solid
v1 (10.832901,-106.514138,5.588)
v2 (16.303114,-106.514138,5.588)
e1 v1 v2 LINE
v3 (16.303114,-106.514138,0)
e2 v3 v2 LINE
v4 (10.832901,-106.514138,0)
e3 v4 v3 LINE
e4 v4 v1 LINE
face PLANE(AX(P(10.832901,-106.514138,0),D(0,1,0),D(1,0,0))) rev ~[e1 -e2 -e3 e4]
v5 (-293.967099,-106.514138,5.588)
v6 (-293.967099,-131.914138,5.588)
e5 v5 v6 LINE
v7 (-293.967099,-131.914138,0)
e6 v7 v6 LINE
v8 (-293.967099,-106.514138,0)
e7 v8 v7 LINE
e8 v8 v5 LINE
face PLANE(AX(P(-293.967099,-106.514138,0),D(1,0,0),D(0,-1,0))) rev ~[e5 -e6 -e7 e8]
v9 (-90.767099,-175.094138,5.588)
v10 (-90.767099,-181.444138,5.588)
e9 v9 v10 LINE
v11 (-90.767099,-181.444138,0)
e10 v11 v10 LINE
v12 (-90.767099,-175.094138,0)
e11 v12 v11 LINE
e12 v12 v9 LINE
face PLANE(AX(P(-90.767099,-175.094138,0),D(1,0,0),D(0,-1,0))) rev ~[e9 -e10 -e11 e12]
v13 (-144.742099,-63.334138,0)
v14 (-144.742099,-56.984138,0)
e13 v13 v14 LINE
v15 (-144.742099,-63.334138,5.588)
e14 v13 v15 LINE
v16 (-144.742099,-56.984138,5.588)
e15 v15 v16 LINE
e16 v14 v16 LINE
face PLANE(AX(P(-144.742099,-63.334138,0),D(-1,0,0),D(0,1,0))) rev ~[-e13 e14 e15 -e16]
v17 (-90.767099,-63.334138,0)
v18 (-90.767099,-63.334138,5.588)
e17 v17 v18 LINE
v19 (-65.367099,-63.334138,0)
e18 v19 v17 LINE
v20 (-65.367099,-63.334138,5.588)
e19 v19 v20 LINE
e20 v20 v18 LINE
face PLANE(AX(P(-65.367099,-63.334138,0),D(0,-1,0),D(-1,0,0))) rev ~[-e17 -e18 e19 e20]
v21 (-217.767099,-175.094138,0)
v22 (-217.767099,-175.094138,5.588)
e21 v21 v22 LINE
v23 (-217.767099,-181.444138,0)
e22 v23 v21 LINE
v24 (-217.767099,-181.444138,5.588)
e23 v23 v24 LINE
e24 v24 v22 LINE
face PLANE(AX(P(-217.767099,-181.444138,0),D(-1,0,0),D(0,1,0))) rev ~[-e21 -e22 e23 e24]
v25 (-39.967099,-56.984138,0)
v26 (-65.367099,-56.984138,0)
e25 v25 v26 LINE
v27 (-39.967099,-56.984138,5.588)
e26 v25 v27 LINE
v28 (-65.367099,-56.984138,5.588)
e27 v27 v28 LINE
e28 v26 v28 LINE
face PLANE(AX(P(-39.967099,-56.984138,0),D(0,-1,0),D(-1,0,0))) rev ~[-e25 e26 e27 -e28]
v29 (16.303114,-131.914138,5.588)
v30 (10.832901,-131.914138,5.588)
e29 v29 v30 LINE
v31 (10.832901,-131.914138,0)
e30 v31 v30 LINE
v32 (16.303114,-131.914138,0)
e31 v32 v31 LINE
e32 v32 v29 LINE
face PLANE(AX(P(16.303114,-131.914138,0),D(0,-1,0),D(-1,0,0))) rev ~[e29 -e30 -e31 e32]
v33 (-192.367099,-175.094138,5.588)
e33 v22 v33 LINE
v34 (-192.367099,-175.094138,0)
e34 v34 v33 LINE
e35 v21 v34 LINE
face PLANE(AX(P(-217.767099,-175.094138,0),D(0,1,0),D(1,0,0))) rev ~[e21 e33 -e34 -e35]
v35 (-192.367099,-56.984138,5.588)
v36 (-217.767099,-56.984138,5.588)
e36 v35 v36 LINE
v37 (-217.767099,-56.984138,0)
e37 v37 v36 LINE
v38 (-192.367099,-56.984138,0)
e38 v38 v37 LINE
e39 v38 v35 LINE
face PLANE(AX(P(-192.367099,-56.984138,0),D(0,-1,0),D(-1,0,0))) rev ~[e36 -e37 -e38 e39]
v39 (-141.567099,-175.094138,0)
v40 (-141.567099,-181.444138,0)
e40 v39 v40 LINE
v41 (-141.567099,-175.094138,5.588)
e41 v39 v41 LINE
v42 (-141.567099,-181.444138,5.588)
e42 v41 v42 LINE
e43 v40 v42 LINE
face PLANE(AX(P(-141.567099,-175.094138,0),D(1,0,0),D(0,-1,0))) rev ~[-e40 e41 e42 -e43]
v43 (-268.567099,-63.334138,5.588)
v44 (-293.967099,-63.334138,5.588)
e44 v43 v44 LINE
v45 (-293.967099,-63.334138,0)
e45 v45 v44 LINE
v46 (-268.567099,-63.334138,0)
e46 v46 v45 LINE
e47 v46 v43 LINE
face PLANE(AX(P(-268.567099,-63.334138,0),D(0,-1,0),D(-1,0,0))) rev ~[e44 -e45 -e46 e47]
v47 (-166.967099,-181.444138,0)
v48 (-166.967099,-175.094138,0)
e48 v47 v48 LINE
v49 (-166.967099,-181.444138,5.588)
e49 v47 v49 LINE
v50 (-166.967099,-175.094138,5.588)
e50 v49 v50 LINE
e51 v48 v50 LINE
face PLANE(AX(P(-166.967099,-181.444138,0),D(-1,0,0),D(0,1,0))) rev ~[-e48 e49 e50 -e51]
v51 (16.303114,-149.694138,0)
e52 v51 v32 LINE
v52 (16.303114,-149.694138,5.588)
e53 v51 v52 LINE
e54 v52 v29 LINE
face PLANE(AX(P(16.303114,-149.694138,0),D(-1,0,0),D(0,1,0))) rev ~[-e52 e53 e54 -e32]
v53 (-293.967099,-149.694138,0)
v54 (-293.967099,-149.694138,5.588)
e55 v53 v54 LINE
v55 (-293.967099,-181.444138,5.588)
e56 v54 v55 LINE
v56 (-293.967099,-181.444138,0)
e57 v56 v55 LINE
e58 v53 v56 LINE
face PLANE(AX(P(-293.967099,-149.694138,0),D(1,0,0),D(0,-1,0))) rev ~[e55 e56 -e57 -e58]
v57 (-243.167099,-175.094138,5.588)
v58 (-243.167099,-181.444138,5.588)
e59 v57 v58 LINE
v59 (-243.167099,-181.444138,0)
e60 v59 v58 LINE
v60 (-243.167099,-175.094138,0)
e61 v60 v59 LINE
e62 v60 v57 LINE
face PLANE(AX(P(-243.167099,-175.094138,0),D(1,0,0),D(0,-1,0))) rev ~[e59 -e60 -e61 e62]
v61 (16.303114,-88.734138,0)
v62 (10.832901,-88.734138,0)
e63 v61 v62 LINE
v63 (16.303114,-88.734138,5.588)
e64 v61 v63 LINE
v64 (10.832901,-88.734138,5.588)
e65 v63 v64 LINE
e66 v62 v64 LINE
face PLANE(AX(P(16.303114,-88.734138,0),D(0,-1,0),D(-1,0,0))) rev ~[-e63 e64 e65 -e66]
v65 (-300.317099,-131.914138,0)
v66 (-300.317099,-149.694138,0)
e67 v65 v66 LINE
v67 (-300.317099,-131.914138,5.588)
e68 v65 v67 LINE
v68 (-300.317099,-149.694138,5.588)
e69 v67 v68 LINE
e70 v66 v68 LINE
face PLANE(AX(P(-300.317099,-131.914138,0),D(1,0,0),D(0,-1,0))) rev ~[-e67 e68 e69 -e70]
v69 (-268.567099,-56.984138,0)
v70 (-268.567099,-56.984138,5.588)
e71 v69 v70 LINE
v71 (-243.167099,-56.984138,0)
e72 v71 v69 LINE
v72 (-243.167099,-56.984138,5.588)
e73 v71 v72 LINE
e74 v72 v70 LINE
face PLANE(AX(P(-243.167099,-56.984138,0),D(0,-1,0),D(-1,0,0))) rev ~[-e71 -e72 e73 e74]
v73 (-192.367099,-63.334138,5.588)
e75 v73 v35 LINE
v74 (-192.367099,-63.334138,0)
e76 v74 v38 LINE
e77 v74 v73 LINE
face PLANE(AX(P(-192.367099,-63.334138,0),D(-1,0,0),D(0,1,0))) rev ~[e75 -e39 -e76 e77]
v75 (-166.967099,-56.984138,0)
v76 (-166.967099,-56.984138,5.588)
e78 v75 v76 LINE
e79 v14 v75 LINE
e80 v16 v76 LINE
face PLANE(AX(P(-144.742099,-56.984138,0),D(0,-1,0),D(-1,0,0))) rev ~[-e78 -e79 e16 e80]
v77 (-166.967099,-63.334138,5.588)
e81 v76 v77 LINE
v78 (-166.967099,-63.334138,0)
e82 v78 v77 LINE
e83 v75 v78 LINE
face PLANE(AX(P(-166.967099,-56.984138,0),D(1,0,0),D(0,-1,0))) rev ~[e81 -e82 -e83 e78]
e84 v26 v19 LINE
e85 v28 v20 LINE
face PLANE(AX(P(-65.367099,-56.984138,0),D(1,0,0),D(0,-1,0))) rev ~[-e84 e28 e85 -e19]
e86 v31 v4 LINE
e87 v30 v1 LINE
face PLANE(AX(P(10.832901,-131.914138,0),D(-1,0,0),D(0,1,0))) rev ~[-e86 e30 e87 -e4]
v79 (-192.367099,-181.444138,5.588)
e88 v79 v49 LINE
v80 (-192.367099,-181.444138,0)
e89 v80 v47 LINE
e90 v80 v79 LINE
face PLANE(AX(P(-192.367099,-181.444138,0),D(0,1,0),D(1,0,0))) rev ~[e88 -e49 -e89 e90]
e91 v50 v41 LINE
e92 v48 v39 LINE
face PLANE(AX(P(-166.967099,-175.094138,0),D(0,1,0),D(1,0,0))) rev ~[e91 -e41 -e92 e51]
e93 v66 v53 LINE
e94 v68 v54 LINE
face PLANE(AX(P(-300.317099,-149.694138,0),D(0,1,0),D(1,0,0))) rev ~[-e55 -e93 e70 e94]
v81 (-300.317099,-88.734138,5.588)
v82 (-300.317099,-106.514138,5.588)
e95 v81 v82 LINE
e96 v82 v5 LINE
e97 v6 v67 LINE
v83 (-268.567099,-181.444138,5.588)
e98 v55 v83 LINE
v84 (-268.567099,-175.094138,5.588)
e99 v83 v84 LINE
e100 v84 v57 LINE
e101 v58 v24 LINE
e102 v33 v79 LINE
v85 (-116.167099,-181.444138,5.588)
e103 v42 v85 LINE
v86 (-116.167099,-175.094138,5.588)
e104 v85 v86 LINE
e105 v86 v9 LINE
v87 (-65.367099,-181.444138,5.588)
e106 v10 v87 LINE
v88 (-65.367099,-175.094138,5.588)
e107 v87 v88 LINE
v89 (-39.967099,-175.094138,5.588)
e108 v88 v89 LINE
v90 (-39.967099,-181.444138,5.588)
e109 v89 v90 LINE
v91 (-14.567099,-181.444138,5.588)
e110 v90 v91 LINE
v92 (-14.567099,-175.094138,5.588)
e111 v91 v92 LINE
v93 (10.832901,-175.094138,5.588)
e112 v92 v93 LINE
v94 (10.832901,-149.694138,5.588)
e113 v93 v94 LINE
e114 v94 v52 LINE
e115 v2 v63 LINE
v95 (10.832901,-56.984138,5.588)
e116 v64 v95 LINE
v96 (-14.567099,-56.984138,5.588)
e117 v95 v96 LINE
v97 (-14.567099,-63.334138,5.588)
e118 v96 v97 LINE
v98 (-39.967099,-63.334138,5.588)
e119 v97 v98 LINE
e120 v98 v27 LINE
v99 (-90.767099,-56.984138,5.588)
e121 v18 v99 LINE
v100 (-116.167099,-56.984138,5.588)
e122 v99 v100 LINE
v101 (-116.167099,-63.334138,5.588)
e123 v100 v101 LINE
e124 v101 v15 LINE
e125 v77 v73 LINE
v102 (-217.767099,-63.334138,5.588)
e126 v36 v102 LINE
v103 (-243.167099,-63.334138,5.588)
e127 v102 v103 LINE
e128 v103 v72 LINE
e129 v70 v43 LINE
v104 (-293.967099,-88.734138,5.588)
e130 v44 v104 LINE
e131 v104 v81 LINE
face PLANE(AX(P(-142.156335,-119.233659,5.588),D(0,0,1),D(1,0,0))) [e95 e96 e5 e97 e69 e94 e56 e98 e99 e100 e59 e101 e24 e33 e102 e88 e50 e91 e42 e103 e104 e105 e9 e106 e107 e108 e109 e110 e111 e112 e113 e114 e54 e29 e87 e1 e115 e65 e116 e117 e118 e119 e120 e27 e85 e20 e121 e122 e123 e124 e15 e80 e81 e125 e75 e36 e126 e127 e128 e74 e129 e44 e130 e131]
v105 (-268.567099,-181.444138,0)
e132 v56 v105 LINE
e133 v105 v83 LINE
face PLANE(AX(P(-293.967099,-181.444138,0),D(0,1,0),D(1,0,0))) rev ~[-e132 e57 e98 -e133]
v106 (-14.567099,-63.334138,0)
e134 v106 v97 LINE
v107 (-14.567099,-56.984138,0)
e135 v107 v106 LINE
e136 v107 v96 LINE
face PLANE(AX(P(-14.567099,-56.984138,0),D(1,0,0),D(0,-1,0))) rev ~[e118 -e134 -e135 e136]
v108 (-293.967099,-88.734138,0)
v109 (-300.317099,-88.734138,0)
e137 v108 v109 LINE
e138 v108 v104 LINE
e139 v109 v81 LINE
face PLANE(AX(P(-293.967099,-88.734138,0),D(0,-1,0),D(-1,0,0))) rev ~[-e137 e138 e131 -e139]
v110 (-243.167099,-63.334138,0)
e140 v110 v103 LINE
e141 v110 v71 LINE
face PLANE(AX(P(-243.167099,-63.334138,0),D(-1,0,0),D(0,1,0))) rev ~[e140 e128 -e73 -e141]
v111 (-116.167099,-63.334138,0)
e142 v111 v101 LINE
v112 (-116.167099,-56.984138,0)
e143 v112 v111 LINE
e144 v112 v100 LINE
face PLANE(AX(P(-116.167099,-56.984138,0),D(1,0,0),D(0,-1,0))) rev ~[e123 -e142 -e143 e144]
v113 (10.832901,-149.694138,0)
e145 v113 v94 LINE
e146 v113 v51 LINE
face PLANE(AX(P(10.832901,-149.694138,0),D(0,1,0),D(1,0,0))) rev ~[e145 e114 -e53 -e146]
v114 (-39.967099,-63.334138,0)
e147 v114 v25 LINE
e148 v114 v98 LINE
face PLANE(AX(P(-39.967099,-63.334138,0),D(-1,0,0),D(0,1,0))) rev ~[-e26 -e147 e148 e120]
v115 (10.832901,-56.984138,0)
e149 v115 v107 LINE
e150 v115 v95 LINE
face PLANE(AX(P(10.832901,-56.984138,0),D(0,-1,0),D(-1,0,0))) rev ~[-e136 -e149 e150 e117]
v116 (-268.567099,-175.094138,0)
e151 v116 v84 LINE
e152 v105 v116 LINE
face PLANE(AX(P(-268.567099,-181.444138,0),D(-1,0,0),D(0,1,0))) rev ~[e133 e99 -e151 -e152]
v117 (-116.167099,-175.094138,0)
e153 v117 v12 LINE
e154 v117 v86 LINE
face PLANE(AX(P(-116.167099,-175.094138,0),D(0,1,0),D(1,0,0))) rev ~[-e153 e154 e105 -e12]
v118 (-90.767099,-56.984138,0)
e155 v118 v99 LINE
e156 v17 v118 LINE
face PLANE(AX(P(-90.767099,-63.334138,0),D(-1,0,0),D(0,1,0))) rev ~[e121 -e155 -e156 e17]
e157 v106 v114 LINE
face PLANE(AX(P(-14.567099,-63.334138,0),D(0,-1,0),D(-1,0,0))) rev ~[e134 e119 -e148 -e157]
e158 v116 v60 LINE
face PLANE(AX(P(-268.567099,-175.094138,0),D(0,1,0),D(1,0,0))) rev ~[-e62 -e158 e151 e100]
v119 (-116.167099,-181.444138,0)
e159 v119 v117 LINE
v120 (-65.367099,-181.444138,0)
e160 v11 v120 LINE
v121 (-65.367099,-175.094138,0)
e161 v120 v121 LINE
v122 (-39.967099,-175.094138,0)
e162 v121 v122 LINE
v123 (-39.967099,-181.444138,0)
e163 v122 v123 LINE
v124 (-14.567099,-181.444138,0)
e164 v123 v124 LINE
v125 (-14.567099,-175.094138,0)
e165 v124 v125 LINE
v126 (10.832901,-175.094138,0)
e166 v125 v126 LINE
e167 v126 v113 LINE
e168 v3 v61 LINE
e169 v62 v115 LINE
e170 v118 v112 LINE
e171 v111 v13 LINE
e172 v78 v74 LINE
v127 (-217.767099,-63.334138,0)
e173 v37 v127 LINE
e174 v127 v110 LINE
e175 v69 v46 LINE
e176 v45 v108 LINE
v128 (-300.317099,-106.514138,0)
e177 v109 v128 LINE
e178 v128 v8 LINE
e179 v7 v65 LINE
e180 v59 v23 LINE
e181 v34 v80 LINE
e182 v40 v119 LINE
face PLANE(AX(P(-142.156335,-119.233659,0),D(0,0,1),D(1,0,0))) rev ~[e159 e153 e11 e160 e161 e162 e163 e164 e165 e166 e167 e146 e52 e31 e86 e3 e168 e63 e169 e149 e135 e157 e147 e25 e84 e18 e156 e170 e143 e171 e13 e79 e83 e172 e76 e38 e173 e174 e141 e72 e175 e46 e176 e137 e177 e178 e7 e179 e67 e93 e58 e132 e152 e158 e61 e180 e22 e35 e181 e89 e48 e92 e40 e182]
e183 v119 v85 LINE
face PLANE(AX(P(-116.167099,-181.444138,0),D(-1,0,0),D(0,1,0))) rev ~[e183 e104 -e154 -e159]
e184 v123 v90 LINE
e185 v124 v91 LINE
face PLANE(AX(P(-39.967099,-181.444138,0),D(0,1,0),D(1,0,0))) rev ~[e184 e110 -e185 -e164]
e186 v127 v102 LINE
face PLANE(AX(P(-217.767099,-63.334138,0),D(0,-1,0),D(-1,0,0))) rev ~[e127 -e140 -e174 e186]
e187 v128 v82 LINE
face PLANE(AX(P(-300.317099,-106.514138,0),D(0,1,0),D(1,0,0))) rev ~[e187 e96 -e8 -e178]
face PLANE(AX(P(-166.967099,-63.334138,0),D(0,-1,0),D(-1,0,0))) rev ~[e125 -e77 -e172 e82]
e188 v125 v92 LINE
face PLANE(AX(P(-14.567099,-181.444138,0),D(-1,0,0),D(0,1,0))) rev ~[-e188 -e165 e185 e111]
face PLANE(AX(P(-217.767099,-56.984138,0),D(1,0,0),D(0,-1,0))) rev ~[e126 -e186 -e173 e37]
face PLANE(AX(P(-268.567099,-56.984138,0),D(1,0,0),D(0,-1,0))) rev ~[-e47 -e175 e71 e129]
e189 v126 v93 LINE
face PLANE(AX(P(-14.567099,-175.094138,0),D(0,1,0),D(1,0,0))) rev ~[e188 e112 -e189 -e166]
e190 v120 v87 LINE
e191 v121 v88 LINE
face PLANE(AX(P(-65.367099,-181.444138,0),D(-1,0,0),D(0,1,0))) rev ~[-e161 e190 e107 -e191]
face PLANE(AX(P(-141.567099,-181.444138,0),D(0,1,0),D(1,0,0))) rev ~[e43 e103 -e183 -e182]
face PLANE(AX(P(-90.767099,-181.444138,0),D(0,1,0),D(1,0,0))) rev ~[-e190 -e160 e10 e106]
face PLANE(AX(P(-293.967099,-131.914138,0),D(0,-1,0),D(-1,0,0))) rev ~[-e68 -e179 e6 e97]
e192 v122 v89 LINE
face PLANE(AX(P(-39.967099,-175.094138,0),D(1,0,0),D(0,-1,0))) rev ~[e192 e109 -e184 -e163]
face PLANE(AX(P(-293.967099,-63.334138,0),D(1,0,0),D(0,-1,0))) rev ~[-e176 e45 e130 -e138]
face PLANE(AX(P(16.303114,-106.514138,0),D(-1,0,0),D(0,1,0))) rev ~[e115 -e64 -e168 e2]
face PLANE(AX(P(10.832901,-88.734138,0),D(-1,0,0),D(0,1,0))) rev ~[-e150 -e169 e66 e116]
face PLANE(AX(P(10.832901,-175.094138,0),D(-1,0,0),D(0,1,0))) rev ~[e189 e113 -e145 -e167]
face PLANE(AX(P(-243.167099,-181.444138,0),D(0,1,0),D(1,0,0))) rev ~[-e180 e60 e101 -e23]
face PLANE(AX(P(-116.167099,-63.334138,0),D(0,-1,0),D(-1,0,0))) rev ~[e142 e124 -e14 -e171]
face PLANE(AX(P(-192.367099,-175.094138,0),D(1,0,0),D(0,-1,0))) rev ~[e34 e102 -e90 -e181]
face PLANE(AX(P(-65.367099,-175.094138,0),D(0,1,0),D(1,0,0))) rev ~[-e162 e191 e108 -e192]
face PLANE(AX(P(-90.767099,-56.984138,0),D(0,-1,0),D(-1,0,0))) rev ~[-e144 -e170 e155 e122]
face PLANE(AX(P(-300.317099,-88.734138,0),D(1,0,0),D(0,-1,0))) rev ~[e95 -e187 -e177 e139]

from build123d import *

# Parameters (mm, degrees)
BOSS_EXTRUDE1_DEPTH = 5.588


with BuildPart() as part:
    # Sketch1 → Boss-Extrude1 (new body)
    with BuildSketch(Plane(origin=(-5.329574036, -16.20301374, 0), x_dir=(1, 0, 0), z_dir=(0, 0, 1))):
        Polygon((-288.637525151, -72.531124316), (-294.987525151, -72.531124316), (-294.987525151, -90.311124316), (-288.637525151, -90.311124316), (-288.637525151, -115.711124316), (-294.987525151, -115.711124316), (-294.987525151, -133.491124316), (-288.637525151, -133.491124316), (-288.637525151, -165.241124316), (-263.237525151, -165.241124316), (-263.237525151, -158.891124316), (-237.837525151, -158.891124316), (-237.837525151, -165.241124316), (-212.437525151, -165.241124316), (-212.437525151, -158.891124316), (-187.037525151, -158.891124316), (-187.037525151, -165.241124316), (-161.637525151, -165.241124316), (-161.637525151, -158.891124316), (-136.237525151, -158.891124316), (-136.237525151, -165.241124316), (-110.837525151, -165.241124316), (-110.837525151, -158.891124316), (-85.437525151, -158.891124316), (-85.437525151, -165.241124316), (-60.037525151, -165.241124316), (-60.037525151, -158.891124316), (-34.637525151, -158.891124316), (-34.637525151, -165.241124316), (-9.237525151, -165.241124316), (-9.237525151, -158.891124316), (16.162474849, -158.891124316), (16.162474849, -133.491124316), (21.632687755, -133.491124316), (21.632687755, -115.711124316), (16.162474849, -115.711124316), (16.162474849, -90.311124316), (21.632687755, -90.311124316), (21.632687755, -72.531124316), (16.162474849, -72.531124316), (16.162474849, -40.781124316), (-9.237525151, -40.781124316), (-9.237525151, -47.131124316), (-34.637525151, -47.131124316), (-34.637525151, -40.781124316), (-60.037525151, -40.781124316), (-60.037525151, -47.131124316), (-85.437525151, -47.131124316), (-85.437525151, -40.781124316), (-110.837525151, -40.781124316), (-110.837525151, -47.131124316), (-139.412525151, -47.131124316), (-139.412525151, -40.781124316), (-161.637525151, -40.781124316), (-161.637525151, -47.131124316), (-187.037525151, -47.131124316), (-187.037525151, -40.781124316), (-212.437525151, -40.781124316), (-212.437525151, -47.131124316), (-237.837525151, -47.131124316), (-237.837525151, -40.781124316), (-263.237525151, -40.781124316), (-263.237525151, -47.131124316), (-288.637525151, -47.131124316), align=None)
    extrude(amount=BOSS_EXTRUDE1_DEPTH)


solid = part.part
